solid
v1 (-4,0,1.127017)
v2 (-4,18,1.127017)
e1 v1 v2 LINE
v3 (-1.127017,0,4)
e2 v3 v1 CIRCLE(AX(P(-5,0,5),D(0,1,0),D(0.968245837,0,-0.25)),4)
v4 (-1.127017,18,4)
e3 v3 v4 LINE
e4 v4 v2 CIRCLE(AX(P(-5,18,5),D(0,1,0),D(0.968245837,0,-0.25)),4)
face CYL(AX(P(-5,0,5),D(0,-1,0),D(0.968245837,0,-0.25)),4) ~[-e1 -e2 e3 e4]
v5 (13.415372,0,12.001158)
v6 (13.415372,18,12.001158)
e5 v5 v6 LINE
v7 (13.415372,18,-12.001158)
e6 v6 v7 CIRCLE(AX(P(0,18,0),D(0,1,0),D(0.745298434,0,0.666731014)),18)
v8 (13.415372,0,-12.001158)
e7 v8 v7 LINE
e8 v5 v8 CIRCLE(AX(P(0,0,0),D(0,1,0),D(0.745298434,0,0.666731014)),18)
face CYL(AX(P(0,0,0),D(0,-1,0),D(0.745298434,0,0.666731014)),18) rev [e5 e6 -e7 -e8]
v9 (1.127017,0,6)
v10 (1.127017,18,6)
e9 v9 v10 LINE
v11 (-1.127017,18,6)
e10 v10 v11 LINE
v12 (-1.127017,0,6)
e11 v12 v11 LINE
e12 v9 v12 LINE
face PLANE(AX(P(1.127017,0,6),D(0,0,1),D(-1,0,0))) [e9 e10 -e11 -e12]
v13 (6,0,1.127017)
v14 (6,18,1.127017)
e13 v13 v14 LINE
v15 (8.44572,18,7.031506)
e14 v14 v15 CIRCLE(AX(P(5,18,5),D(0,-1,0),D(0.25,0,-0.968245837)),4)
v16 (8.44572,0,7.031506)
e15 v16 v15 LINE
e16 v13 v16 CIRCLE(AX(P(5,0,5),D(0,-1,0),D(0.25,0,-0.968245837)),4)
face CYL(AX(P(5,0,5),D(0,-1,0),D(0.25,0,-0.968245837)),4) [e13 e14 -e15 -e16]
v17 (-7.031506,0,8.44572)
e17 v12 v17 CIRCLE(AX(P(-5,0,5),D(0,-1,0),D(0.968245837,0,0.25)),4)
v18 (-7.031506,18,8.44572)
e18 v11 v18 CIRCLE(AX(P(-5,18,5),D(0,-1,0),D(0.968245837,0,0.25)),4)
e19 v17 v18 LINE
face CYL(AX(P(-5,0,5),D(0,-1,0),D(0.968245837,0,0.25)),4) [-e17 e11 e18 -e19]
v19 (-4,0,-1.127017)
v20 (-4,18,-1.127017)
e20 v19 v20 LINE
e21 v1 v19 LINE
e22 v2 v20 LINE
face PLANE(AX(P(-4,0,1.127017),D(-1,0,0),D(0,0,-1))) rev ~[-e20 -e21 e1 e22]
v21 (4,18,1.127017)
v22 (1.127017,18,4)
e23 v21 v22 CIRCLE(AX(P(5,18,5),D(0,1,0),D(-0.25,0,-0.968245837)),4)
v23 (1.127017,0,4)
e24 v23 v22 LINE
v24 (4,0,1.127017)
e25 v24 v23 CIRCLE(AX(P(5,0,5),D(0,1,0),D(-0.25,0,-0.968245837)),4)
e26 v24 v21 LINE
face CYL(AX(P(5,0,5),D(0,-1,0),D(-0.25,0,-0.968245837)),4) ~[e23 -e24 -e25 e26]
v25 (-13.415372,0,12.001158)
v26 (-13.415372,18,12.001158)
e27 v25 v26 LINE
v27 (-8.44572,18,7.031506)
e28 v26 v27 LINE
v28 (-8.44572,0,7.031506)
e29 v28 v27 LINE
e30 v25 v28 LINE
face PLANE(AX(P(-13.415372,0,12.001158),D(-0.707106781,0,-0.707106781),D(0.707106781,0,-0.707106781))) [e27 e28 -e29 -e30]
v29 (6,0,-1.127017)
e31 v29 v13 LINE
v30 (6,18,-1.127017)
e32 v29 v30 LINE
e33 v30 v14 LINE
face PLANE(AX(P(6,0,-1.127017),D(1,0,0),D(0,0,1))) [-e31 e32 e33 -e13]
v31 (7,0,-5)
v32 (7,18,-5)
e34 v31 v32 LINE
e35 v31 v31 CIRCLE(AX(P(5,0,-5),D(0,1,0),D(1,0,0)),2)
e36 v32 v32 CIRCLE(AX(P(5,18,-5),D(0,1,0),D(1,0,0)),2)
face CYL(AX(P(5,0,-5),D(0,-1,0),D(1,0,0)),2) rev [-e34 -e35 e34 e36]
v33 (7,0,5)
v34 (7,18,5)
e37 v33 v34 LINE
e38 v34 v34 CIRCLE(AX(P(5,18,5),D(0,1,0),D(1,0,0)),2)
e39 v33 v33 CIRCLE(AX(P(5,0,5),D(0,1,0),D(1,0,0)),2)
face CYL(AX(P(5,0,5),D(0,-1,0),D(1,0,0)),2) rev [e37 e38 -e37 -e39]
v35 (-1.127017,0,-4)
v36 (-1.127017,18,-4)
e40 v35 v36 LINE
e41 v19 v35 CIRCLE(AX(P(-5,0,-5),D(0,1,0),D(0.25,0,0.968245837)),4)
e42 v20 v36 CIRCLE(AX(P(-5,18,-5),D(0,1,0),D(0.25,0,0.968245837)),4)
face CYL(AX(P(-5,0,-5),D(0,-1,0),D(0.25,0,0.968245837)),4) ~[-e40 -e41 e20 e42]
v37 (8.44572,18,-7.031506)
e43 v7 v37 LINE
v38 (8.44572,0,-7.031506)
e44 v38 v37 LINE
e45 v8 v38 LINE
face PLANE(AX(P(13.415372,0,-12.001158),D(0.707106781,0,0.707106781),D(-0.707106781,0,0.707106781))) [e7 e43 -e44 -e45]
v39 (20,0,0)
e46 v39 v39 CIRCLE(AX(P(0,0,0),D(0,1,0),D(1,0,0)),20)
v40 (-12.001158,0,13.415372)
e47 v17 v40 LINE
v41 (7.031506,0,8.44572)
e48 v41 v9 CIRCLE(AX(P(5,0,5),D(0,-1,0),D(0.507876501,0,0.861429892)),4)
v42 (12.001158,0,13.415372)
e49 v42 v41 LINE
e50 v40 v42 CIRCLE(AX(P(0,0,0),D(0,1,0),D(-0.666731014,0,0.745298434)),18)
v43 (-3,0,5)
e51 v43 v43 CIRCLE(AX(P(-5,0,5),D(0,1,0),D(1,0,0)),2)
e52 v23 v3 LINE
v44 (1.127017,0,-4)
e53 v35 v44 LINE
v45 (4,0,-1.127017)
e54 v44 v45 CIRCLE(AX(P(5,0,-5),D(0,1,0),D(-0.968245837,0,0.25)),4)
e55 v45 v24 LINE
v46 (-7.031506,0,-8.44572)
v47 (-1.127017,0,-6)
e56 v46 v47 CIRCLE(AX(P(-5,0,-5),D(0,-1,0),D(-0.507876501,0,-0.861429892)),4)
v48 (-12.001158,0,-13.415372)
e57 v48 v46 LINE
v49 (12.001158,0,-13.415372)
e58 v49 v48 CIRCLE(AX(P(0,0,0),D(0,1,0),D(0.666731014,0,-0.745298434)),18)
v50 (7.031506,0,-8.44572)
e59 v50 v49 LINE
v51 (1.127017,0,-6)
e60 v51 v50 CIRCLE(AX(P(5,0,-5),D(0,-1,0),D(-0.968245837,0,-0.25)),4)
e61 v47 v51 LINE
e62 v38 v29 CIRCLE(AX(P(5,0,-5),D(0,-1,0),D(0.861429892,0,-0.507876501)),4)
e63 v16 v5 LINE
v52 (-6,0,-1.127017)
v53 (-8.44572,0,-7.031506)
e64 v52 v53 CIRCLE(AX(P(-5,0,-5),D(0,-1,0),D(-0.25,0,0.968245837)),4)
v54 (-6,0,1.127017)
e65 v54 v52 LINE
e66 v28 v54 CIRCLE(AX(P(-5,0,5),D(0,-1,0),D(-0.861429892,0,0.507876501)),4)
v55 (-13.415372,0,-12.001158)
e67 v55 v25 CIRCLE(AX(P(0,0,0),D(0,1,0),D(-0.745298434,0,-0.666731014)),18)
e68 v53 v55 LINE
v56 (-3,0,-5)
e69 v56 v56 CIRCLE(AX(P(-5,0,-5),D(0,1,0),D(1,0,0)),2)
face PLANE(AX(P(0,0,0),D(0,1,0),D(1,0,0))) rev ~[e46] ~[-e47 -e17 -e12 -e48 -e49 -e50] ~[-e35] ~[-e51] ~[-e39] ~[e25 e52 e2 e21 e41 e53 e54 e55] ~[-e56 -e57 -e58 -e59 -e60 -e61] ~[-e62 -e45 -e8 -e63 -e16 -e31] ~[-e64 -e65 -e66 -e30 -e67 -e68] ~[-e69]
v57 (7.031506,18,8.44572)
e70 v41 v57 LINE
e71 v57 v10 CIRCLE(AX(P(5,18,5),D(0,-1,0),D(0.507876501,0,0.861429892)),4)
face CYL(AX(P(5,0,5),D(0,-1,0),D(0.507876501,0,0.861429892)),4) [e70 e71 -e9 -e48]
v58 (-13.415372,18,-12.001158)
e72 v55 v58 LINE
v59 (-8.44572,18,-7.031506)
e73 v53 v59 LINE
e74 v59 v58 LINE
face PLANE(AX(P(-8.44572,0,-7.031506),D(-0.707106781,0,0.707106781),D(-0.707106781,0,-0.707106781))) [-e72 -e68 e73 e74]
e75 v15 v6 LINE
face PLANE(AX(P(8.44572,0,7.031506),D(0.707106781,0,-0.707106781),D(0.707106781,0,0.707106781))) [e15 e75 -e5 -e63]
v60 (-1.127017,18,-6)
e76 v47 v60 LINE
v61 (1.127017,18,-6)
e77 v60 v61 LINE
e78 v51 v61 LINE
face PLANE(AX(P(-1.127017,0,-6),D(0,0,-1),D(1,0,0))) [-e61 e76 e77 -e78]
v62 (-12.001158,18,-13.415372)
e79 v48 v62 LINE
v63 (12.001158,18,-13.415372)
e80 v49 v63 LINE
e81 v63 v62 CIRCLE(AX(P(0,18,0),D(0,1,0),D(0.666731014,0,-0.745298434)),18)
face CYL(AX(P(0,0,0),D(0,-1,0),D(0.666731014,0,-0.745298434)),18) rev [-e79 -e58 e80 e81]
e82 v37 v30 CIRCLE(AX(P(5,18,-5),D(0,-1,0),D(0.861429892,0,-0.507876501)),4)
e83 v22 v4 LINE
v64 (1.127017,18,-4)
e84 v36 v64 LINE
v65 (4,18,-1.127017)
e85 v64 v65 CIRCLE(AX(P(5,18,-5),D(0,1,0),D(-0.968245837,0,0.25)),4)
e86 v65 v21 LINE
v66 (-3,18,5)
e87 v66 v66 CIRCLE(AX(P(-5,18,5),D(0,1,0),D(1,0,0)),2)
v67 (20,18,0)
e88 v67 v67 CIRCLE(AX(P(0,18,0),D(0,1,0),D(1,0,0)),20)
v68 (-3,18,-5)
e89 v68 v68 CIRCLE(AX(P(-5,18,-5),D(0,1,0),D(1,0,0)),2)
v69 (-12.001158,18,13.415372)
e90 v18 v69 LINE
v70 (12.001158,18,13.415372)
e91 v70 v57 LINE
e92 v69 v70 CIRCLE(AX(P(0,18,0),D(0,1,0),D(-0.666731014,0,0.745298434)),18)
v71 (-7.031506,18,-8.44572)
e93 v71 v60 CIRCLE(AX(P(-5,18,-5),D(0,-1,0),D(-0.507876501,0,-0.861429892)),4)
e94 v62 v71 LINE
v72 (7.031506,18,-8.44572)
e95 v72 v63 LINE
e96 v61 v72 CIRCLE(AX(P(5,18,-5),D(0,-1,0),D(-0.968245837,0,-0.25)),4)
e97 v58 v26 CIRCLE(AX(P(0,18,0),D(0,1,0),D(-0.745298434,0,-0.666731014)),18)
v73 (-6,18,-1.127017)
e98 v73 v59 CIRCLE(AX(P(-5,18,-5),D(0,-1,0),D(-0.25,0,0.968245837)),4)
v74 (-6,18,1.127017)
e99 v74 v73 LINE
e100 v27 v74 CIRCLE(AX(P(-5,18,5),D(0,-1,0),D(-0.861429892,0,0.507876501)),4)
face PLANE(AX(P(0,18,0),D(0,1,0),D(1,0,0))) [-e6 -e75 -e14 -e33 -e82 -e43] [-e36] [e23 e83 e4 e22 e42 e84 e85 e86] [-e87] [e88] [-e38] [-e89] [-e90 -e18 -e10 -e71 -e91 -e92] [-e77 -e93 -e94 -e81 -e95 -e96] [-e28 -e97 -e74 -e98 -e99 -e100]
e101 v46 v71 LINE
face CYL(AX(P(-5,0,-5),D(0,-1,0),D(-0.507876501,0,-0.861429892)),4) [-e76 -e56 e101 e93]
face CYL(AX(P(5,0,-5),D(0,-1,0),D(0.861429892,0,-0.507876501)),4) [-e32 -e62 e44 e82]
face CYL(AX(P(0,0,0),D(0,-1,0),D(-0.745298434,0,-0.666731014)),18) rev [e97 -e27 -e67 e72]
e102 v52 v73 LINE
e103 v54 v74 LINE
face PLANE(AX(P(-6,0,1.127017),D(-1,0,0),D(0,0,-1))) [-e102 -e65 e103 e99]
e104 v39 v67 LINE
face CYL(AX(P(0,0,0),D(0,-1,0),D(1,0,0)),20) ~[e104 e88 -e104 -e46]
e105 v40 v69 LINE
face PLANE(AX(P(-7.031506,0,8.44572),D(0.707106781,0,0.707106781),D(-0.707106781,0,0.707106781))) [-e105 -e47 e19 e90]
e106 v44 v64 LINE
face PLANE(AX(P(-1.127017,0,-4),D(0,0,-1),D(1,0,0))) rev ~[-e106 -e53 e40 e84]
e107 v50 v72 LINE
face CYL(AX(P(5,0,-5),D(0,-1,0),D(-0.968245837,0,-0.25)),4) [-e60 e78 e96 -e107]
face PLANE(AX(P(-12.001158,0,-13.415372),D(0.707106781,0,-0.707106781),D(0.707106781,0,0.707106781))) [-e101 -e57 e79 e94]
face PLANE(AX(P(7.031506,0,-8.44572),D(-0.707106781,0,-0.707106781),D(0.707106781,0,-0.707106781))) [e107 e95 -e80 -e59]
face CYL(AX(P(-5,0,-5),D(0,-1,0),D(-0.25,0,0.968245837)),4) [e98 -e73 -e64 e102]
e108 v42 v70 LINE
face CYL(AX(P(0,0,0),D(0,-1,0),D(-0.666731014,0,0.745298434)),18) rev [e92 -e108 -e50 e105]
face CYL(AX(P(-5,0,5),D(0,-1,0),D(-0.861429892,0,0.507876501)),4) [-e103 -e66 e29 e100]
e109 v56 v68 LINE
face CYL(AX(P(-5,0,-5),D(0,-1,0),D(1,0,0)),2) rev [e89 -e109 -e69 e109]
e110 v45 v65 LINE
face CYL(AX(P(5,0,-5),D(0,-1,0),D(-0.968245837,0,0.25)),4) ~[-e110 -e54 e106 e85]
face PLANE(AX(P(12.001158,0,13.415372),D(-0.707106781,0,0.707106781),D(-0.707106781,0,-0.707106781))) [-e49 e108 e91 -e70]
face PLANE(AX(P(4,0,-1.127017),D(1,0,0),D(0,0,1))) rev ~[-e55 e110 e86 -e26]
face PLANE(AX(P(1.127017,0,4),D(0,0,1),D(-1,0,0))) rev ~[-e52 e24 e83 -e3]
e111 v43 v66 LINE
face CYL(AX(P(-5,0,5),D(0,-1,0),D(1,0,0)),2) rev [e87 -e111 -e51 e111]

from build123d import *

# Parameters (mm, degrees)
SKETCH_2_R      = 20
SKETCH_2_R_2    = 2
EXTRUDE_1_DEPTH = 18


with BuildPart() as part:
    # 草图2 → 凸台-拉伸1 (new body)
    with BuildSketch(Plane(origin=(0, 0, 0), x_dir=(1, 0, 0), z_dir=(0, 1, 0))):
        Circle(SKETCH_2_R)
        with Locations((-5, 5)):
            Circle(SKETCH_2_R_2, mode=Mode.SUBTRACT)
        with Locations((5, 5)):
            Circle(SKETCH_2_R_2, mode=Mode.SUBTRACT)
        with Locations((5, -5)):
            Circle(SKETCH_2_R_2, mode=Mode.SUBTRACT)
        with Locations((-5, -5)):
            Circle(SKETCH_2_R_2, mode=Mode.SUBTRACT)
        with BuildLine():
            Line((-8.445719569, 7.031506006), (-13.415371808, 12.001158246))
            ThreePointArc((-13.415371808, 12.001158246), (-18, 0), (-13.415371808, -12.001158246))
            Line((-13.415371808, -12.001158246), (-8.445719569, -7.031506006))
            ThreePointArc((-8.445719569, -7.031506006), (-8.69551813, -3.469266271), (-6, -1.127016654))
            Line((-6, -1.127016654), (-6, 1.127016654))
            ThreePointArc((-6, 1.127016654), (-8.69551813, 3.469266271), (-8.445719569, 7.031506006))
        make_face(mode=Mode.SUBTRACT)
        with BuildLine():
            Line((-12.001158246, 13.415371808), (-7.031506006, 8.445719569))
            ThreePointArc((-7.031506006, 8.445719569), (-3.469266271, 8.69551813), (-1.127016654, 6))
            Line((-1.127016654, 6), (1.127016654, 6))
            ThreePointArc((1.127016654, 6), (3.469266271, 8.69551813), (7.031506006, 8.445719569))
            Line((7.031506006, 8.445719569), (12.001158246, 13.415371808))
            ThreePointArc((12.001158246, 13.415371808), (0, 18), (-12.001158246, 13.415371808))
        make_face(mode=Mode.SUBTRACT)
        with BuildLine():
            Line((13.415371808, 12.001158246), (8.445719569, 7.031506006))
            ThreePointArc((8.445719569, 7.031506006), (8.69551813, 3.469266271), (6, 1.127016654))
            Line((6, 1.127016654), (6, -1.127016654))
            ThreePointArc((6, -1.127016654), (8.69551813, -3.469266271), (8.445719569, -7.031506006))
            Line((8.445719569, -7.031506006), (13.415371808, -12.001158246))
            ThreePointArc((13.415371808, -12.001158246), (18, 0), (13.415371808, 12.001158246))
        make_face(mode=Mode.SUBTRACT)
        with BuildLine():
            Line((12.001158246, -13.415371808), (7.031506006, -8.445719569))
            ThreePointArc((7.031506006, -8.445719569), (3.469266271, -8.69551813), (1.127016654, -6))
            Line((1.127016654, -6), (-1.127016654, -6))
            ThreePointArc((-1.127016654, -6), (-3.469266271, -8.69551813), (-7.031506006, -8.445719569))
            Line((-7.031506006, -8.445719569), (-12.001158246, -13.415371808))
            ThreePointArc((-12.001158246, -13.415371808), (0, -18), (12.001158246, -13.415371808))
        make_face(mode=Mode.SUBTRACT)
        with BuildLine():
            Line((-1.127016654, 4), (1.127016654, 4))
            ThreePointArc((1.127016654, 4), (2.171572875, 2.171572875), (4, 1.127016654))
            Line((4, 1.127016654), (4, -1.127016654))
            ThreePointArc((4, -1.127016654), (2.171572875, -2.171572875), (1.127016654, -4))
            Line((1.127016654, -4), (-1.127016654, -4))
            ThreePointArc((-1.127016654, -4), (-2.171572875, -2.171572875), (-4, -1.127016654))
            Line((-4, -1.127016654), (-4, 1.127016654))
            ThreePointArc((-4, 1.127016654), (-2.171572875, 2.171572875), (-1.127016654, 4))
        make_face(mode=Mode.SUBTRACT)
    extrude(amount=EXTRUDE_1_DEPTH)


solid = part.part
